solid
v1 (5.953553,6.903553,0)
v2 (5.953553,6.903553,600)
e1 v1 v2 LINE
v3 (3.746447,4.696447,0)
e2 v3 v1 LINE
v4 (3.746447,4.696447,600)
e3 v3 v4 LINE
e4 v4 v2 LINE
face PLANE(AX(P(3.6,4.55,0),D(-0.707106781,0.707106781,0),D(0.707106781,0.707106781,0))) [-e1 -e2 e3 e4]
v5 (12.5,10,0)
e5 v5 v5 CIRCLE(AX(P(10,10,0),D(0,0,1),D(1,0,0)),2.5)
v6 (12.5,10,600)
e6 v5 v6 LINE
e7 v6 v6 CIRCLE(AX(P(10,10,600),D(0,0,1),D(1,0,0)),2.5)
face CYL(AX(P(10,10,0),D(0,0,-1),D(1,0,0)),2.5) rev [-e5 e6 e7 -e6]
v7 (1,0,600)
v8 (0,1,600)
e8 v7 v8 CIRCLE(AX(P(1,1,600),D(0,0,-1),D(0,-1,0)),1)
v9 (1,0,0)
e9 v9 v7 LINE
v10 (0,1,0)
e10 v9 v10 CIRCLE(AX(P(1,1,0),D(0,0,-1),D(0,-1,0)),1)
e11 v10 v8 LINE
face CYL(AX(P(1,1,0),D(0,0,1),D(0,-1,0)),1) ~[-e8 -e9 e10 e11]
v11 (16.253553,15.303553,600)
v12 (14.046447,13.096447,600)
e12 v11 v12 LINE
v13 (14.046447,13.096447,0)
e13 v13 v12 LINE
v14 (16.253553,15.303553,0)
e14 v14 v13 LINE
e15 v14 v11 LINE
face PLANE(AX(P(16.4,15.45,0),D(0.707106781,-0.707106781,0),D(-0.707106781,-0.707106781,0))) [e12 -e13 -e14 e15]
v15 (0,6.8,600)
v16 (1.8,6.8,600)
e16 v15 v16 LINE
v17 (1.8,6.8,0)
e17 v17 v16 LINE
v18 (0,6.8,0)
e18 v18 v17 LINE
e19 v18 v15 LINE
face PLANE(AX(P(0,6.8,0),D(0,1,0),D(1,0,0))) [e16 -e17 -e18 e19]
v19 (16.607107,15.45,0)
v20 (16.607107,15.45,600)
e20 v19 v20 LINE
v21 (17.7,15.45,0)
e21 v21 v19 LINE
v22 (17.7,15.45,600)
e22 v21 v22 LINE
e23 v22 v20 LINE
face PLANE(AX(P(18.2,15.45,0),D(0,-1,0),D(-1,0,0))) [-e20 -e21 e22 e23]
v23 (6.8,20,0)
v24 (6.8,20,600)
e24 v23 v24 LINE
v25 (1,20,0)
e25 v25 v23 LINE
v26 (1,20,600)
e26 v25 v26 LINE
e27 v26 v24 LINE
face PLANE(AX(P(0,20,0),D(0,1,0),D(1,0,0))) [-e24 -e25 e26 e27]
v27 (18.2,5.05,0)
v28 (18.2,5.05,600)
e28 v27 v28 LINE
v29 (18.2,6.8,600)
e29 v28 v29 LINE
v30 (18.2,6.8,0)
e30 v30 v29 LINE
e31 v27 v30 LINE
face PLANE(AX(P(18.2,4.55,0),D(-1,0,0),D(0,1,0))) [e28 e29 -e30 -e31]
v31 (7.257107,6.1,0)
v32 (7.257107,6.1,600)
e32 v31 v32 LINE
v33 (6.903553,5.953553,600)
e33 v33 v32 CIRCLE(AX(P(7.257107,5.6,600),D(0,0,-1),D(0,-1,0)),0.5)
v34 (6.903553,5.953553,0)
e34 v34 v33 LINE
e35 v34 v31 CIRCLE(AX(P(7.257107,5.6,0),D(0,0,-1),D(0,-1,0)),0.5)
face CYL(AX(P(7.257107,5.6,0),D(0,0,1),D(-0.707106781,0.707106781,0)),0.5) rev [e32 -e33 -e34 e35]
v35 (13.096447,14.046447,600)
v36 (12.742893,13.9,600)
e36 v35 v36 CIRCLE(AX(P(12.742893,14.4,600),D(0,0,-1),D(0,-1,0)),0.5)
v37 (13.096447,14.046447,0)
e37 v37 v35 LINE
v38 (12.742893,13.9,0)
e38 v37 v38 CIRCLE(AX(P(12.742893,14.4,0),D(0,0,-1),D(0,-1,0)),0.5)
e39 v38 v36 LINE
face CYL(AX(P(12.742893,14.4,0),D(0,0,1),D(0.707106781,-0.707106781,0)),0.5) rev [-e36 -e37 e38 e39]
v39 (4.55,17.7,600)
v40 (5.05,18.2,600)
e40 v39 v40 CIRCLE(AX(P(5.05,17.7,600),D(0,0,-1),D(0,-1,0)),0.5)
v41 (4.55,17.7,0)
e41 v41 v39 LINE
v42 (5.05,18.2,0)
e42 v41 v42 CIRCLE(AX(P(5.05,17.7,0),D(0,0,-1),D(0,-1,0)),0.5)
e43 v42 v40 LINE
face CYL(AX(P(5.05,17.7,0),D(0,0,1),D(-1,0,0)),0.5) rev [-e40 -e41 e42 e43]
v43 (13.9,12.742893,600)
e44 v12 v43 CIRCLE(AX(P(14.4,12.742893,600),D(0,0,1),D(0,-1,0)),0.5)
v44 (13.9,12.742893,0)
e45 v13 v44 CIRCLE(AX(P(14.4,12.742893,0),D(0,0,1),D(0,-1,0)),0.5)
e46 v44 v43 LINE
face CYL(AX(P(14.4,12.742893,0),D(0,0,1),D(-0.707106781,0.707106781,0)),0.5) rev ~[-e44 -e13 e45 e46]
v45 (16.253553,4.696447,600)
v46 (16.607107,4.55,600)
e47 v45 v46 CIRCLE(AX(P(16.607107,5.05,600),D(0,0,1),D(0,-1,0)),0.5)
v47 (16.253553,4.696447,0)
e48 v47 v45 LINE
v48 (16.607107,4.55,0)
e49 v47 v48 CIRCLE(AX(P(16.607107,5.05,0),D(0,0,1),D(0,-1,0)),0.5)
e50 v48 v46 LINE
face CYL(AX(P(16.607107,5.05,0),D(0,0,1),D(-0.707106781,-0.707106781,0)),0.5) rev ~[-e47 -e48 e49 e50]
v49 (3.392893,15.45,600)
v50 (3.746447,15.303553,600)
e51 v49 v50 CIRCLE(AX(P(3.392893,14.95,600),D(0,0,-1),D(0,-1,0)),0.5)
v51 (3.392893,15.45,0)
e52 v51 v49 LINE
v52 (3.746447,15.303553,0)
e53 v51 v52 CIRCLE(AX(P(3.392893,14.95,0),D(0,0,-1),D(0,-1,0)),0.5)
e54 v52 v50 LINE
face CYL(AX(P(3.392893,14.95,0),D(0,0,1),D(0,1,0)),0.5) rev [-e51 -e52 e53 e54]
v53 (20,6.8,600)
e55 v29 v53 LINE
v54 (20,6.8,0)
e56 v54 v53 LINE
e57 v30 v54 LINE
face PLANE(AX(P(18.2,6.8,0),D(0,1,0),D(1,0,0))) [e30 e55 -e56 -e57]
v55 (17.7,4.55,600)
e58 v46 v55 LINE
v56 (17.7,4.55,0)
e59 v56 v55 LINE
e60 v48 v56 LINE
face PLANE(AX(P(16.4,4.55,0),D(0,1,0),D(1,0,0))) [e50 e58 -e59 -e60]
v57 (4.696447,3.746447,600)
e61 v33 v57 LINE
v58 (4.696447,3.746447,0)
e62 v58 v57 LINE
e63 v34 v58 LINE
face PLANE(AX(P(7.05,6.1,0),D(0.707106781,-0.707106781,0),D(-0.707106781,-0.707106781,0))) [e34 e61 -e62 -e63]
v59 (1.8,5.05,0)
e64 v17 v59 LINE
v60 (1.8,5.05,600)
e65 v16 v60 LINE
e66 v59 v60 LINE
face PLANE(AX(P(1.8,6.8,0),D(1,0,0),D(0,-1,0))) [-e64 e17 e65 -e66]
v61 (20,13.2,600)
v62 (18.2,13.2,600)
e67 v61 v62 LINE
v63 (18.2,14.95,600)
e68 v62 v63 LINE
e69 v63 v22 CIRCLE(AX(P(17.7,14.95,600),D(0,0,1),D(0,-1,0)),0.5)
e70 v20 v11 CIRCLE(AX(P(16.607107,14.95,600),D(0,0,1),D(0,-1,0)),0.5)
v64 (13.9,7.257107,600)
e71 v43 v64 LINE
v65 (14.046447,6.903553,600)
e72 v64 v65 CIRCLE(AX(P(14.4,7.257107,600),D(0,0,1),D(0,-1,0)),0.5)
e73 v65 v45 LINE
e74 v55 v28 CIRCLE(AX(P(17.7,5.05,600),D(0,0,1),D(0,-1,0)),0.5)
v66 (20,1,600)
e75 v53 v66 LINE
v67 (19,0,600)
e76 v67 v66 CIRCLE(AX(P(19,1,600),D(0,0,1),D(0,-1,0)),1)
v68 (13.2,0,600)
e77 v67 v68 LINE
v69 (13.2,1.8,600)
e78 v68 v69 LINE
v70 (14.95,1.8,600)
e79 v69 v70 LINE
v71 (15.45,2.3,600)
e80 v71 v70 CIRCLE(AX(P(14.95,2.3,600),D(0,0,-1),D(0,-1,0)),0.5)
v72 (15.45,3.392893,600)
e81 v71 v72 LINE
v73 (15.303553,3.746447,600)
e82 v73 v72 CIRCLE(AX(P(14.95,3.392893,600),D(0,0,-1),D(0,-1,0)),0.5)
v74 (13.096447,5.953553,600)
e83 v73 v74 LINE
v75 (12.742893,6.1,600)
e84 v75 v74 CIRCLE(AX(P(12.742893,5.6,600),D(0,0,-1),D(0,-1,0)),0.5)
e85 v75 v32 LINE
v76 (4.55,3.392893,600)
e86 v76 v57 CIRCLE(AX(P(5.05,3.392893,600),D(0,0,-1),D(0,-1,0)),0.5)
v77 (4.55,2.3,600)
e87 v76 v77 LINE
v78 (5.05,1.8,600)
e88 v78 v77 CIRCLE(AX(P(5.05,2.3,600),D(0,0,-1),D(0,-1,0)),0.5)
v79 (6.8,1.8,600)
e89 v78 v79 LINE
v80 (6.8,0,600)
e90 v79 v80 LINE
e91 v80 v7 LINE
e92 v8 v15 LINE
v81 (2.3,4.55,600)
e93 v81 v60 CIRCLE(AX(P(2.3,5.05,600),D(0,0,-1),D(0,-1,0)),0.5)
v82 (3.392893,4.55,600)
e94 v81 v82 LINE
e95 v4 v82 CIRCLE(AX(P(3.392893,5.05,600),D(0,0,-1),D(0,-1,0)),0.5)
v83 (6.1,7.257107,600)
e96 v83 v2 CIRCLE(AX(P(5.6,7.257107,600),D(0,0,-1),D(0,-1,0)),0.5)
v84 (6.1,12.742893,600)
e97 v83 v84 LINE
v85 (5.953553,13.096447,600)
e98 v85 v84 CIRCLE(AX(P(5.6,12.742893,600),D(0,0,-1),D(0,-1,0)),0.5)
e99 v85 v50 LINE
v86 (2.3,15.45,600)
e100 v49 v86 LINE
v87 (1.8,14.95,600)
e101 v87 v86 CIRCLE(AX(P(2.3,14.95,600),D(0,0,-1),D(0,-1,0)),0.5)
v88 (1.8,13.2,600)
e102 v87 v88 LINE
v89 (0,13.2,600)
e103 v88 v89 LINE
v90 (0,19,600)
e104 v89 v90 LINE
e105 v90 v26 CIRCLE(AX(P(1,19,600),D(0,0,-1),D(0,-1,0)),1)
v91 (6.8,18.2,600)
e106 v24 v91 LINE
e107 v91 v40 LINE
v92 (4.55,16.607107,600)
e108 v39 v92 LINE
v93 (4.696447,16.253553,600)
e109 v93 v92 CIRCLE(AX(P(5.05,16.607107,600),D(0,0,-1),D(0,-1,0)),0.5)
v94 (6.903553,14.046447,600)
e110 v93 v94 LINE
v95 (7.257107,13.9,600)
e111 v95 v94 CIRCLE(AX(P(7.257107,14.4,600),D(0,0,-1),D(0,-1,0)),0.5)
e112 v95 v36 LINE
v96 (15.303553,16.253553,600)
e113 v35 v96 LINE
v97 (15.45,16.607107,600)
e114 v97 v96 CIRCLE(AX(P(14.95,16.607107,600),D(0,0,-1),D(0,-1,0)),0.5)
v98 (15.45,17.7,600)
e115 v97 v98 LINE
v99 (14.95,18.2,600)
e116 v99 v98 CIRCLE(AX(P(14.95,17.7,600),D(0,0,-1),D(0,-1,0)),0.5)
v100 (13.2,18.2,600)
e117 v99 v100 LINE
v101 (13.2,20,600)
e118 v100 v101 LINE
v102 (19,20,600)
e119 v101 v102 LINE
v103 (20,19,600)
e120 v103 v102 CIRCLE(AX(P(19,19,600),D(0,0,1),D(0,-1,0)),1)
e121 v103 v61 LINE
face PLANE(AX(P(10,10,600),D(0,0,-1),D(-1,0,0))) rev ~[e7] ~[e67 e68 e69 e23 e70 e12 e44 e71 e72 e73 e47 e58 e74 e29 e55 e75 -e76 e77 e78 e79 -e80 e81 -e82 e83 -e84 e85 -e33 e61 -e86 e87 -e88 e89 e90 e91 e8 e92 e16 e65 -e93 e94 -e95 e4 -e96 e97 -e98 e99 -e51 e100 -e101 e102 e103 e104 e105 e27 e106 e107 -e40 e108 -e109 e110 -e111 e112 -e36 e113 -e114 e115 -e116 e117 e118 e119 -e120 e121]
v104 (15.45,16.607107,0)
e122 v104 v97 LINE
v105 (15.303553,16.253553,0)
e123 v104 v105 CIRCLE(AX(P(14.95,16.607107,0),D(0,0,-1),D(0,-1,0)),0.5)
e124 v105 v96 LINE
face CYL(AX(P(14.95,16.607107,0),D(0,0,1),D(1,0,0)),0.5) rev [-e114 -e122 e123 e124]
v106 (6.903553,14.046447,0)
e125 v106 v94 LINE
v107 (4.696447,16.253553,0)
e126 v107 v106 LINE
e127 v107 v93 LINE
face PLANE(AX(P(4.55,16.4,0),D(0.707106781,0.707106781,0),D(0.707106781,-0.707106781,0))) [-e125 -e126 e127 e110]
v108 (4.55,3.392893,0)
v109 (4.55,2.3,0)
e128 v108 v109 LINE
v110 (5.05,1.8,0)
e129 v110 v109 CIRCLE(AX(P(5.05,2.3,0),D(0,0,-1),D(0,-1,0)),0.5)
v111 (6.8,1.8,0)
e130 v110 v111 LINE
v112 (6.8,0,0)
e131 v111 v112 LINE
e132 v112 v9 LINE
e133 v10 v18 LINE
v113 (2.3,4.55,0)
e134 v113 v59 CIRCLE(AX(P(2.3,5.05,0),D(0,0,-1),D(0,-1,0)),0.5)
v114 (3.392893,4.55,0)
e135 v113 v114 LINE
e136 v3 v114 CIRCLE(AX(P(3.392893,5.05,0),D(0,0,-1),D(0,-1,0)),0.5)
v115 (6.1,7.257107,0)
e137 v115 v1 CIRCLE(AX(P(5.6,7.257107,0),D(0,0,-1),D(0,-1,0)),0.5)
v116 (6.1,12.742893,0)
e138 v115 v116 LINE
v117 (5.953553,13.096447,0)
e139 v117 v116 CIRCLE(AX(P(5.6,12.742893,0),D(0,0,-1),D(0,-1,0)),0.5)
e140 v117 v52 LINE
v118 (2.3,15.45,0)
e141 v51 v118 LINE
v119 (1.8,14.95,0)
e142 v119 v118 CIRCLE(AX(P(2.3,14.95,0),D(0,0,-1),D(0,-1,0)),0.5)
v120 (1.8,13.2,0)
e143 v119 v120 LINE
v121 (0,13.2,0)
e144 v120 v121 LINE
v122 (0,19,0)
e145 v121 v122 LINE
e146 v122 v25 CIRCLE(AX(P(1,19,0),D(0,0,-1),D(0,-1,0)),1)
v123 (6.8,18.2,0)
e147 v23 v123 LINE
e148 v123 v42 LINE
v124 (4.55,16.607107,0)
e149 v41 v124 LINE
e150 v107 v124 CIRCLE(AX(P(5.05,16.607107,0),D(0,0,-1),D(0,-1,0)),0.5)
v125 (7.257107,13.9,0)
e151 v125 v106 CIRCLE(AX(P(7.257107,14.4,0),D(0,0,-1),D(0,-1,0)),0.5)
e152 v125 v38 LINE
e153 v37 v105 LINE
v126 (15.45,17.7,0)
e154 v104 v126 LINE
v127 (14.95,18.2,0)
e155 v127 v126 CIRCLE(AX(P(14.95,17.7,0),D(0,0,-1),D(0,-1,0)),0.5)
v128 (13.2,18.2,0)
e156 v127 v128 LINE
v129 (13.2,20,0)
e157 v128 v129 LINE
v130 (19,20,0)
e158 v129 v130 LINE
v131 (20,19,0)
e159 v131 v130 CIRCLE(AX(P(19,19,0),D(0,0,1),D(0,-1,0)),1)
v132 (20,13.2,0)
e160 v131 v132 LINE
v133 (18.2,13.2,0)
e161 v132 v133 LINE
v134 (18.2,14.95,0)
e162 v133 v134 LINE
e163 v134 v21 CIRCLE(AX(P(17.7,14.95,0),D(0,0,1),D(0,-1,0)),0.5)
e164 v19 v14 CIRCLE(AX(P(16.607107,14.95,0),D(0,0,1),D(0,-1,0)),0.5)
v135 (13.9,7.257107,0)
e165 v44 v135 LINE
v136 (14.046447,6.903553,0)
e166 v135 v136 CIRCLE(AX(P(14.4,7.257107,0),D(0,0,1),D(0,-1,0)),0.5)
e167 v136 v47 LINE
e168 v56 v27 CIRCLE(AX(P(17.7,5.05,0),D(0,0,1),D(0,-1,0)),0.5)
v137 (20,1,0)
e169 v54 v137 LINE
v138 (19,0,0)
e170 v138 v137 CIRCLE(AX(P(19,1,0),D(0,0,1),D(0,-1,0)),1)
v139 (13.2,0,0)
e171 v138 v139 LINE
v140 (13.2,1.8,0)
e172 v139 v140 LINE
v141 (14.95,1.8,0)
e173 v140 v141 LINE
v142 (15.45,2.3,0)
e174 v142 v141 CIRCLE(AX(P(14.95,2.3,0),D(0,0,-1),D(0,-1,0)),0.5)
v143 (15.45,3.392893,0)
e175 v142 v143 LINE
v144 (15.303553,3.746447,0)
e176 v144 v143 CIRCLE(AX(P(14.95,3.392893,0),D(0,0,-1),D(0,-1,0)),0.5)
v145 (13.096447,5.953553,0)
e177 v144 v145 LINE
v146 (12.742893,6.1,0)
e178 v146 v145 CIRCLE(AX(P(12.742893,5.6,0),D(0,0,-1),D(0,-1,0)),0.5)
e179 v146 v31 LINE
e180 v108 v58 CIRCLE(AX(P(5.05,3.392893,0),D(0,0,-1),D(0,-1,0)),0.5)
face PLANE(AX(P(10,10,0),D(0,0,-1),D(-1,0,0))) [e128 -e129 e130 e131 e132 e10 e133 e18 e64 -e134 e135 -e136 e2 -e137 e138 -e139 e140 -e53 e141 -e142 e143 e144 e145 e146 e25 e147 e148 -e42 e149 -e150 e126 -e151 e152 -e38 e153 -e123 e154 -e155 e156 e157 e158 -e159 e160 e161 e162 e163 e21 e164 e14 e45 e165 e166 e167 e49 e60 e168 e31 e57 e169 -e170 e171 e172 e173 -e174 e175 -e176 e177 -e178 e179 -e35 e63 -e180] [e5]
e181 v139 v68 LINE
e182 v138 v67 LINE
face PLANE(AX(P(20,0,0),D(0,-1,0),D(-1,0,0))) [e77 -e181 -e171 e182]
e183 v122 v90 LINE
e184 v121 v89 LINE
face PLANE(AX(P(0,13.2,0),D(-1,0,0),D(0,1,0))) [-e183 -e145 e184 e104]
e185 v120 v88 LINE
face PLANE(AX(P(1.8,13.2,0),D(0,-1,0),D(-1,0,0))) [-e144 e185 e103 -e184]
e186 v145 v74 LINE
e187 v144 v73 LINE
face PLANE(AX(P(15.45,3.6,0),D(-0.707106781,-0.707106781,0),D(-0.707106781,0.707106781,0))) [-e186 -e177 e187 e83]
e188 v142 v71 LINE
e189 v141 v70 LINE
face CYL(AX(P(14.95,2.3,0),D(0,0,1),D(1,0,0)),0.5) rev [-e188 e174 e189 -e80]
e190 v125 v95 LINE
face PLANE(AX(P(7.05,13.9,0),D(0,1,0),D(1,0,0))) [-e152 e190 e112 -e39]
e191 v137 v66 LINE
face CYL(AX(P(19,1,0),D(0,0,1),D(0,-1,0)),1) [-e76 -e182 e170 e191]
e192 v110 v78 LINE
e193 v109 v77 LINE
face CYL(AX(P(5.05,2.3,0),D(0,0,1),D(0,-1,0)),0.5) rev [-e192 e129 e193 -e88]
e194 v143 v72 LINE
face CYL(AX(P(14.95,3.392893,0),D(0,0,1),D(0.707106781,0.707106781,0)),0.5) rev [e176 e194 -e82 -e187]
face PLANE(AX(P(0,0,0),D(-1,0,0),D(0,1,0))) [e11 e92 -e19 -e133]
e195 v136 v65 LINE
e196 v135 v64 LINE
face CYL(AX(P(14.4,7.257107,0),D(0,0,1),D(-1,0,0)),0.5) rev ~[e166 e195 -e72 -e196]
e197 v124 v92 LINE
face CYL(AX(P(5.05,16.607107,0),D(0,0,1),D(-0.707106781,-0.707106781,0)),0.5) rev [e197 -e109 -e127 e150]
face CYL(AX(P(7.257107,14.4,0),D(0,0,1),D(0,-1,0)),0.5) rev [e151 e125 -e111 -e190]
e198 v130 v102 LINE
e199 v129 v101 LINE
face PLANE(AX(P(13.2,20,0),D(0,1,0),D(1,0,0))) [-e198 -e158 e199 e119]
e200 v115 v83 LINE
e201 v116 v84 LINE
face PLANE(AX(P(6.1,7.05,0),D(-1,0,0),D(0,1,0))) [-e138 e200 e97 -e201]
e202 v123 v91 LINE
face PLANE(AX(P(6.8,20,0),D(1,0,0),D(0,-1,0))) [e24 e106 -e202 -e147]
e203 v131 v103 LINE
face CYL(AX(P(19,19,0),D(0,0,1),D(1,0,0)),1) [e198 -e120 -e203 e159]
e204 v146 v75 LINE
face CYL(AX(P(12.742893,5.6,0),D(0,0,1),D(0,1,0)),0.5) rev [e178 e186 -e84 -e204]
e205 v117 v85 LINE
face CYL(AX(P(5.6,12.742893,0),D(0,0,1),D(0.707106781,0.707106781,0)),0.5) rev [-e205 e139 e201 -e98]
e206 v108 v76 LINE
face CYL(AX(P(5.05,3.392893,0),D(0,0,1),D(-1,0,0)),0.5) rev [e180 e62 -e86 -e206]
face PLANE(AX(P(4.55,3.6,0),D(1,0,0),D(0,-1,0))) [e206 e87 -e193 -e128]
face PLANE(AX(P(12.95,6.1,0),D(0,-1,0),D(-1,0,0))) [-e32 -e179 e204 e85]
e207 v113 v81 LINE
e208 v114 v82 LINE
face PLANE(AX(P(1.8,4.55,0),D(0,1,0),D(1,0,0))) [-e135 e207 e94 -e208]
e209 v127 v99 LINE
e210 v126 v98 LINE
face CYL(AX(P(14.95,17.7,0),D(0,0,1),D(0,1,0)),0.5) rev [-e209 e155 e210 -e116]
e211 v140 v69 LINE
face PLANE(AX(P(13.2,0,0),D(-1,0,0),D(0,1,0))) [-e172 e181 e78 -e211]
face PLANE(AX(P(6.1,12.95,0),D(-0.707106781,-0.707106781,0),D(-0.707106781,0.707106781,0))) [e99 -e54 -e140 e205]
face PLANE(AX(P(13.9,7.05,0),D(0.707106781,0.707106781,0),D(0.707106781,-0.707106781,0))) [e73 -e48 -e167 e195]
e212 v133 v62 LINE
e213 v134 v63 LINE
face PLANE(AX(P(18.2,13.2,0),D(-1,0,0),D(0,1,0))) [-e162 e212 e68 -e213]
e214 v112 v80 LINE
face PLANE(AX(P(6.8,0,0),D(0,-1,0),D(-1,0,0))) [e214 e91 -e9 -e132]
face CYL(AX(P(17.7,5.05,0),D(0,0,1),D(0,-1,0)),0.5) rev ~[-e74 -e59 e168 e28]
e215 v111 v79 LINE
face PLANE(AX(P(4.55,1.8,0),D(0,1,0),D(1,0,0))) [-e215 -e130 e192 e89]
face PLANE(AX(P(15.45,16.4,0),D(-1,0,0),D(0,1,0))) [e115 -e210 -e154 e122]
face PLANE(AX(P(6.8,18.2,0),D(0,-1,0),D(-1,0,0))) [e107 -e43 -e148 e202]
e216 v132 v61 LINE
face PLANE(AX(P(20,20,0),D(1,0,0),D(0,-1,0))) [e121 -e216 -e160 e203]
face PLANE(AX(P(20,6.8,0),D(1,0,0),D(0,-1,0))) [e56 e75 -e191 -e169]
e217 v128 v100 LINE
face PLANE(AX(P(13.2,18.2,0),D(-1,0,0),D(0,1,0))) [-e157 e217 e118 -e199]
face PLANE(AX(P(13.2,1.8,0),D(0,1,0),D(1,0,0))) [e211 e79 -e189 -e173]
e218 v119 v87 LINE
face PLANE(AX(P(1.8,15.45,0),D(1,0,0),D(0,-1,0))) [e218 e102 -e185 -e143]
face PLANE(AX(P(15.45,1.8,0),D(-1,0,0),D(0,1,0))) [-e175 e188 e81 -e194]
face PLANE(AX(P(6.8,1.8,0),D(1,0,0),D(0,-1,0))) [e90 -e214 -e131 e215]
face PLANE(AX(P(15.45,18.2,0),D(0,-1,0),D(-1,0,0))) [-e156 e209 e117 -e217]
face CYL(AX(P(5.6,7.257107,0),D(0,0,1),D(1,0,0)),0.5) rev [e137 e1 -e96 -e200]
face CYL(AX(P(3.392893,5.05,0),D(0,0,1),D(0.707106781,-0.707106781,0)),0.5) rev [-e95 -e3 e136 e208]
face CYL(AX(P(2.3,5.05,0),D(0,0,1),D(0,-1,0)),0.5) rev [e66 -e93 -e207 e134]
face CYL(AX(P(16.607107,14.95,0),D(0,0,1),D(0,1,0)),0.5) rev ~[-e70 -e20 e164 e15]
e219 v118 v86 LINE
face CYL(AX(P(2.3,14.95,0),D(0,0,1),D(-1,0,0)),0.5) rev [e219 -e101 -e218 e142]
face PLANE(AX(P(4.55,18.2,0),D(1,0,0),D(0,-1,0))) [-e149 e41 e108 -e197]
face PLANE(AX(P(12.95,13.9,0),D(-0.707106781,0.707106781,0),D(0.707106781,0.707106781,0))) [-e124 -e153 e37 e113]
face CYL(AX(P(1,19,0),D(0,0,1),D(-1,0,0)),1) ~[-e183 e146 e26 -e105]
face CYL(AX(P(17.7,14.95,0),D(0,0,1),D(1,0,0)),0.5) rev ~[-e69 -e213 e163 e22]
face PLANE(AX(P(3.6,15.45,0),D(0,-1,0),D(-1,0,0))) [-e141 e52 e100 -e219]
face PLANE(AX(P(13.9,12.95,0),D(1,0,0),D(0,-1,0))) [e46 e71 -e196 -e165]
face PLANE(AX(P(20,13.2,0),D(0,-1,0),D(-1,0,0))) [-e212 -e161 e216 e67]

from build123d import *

# Parameters (mm, degrees)
SKETCH1_R           = 2.5
BOSS_EXTRUDE1_DEPTH = 600
FILLET1_R           = 1
FILLET2_R           = 0.5
FILLET3_R           = 0.5
FILLET4_R           = 0.5
FILLET5_R           = 0.5


with BuildPart() as part:
    # Sketch1 → Boss-Extrude1 (new body)
    with BuildSketch(Plane.XY):
        Polygon((13.2, 0), (13.2, 1.8), (15.45, 1.8), (15.45, 3.6), (12.95, 6.1), (7.05, 6.1), (4.55, 3.6), (4.55, 1.8), (6.8, 1.8), (6.8, 0), (0, 0), (0, 6.8), (1.8, 6.8), (1.8, 4.55), (3.6, 4.55), (6.1, 7.05), (6.1, 12.95), (3.6, 15.45), (1.8, 15.45), (1.8, 13.2), (0, 13.2), (0, 20), (6.8, 20), (6.8, 18.2), (4.55, 18.2), (4.55, 16.4), (7.05, 13.9), (12.95, 13.9), (15.45, 16.4), (15.45, 18.2), (13.2, 18.2), (13.2, 20), (20, 20), (20, 13.2), (18.2, 13.2), (18.2, 15.45), (16.4, 15.45), (13.9, 12.95), (13.9, 7.05), (16.4, 4.55), (18.2, 4.55), (18.2, 6.8), (20, 6.8), (20, 0), align=None)
        with Locations((10, 10)):
            Circle(SKETCH1_R, mode=Mode.SUBTRACT)
    extrude(amount=BOSS_EXTRUDE1_DEPTH)

    # Fillet1
    fillet1_edges = [part.edges().sort_by_distance(p)[0] for p in [
        (0, 0, 300),
        (0, 20, 300),
        (20, 20, 300),
        (20, 0, 300),
    ]]
    fillet(fillet1_edges, radius=FILLET1_R)

    # Fillet2
    fillet2_edges = [part.edges().sort_by_distance(p)[0] for p in [
        (4.55, 18.2, 300),
        (4.55, 16.4, 300),
        (7.05, 13.9, 300),
        (12.95, 13.9, 300),
        (15.45, 16.4, 300),
        (15.45, 18.2, 300),
    ]]
    fillet(fillet2_edges, radius=FILLET2_R)

    # Fillet3
    fillet3_edges = [part.edges().sort_by_distance(p)[0] for p in [
        (18.2, 15.45, 300),
        (16.4, 15.45, 300),
        (13.9, 12.95, 300),
        (13.9, 7.05, 300),
        (16.4, 4.55, 300),
        (18.2, 4.55, 300),
    ]]
    fillet(fillet3_edges, radius=FILLET3_R)

    # Fillet4
    fillet4_edges = [part.edges().sort_by_distance(p)[0] for p in [
        (1.8, 4.55, 300),
        (3.6, 4.55, 300),
        (6.1, 7.05, 300),
        (6.1, 12.95, 300),
        (3.6, 15.45, 300),
        (1.8, 15.45, 300),
    ]]
    fillet(fillet4_edges, radius=FILLET4_R)

    # Fillet5
    fillet5_edges = [part.edges().sort_by_distance(p)[0] for p in [
        (15.45, 1.8, 300),
        (15.45, 3.6, 300),
        (12.95, 6.1, 300),
        (7.05, 6.1, 300),
        (4.55, 3.6, 300),
        (4.55, 1.8, 300),
    ]]
    fillet(fillet5_edges, radius=FILLET5_R)


solid = part.part
